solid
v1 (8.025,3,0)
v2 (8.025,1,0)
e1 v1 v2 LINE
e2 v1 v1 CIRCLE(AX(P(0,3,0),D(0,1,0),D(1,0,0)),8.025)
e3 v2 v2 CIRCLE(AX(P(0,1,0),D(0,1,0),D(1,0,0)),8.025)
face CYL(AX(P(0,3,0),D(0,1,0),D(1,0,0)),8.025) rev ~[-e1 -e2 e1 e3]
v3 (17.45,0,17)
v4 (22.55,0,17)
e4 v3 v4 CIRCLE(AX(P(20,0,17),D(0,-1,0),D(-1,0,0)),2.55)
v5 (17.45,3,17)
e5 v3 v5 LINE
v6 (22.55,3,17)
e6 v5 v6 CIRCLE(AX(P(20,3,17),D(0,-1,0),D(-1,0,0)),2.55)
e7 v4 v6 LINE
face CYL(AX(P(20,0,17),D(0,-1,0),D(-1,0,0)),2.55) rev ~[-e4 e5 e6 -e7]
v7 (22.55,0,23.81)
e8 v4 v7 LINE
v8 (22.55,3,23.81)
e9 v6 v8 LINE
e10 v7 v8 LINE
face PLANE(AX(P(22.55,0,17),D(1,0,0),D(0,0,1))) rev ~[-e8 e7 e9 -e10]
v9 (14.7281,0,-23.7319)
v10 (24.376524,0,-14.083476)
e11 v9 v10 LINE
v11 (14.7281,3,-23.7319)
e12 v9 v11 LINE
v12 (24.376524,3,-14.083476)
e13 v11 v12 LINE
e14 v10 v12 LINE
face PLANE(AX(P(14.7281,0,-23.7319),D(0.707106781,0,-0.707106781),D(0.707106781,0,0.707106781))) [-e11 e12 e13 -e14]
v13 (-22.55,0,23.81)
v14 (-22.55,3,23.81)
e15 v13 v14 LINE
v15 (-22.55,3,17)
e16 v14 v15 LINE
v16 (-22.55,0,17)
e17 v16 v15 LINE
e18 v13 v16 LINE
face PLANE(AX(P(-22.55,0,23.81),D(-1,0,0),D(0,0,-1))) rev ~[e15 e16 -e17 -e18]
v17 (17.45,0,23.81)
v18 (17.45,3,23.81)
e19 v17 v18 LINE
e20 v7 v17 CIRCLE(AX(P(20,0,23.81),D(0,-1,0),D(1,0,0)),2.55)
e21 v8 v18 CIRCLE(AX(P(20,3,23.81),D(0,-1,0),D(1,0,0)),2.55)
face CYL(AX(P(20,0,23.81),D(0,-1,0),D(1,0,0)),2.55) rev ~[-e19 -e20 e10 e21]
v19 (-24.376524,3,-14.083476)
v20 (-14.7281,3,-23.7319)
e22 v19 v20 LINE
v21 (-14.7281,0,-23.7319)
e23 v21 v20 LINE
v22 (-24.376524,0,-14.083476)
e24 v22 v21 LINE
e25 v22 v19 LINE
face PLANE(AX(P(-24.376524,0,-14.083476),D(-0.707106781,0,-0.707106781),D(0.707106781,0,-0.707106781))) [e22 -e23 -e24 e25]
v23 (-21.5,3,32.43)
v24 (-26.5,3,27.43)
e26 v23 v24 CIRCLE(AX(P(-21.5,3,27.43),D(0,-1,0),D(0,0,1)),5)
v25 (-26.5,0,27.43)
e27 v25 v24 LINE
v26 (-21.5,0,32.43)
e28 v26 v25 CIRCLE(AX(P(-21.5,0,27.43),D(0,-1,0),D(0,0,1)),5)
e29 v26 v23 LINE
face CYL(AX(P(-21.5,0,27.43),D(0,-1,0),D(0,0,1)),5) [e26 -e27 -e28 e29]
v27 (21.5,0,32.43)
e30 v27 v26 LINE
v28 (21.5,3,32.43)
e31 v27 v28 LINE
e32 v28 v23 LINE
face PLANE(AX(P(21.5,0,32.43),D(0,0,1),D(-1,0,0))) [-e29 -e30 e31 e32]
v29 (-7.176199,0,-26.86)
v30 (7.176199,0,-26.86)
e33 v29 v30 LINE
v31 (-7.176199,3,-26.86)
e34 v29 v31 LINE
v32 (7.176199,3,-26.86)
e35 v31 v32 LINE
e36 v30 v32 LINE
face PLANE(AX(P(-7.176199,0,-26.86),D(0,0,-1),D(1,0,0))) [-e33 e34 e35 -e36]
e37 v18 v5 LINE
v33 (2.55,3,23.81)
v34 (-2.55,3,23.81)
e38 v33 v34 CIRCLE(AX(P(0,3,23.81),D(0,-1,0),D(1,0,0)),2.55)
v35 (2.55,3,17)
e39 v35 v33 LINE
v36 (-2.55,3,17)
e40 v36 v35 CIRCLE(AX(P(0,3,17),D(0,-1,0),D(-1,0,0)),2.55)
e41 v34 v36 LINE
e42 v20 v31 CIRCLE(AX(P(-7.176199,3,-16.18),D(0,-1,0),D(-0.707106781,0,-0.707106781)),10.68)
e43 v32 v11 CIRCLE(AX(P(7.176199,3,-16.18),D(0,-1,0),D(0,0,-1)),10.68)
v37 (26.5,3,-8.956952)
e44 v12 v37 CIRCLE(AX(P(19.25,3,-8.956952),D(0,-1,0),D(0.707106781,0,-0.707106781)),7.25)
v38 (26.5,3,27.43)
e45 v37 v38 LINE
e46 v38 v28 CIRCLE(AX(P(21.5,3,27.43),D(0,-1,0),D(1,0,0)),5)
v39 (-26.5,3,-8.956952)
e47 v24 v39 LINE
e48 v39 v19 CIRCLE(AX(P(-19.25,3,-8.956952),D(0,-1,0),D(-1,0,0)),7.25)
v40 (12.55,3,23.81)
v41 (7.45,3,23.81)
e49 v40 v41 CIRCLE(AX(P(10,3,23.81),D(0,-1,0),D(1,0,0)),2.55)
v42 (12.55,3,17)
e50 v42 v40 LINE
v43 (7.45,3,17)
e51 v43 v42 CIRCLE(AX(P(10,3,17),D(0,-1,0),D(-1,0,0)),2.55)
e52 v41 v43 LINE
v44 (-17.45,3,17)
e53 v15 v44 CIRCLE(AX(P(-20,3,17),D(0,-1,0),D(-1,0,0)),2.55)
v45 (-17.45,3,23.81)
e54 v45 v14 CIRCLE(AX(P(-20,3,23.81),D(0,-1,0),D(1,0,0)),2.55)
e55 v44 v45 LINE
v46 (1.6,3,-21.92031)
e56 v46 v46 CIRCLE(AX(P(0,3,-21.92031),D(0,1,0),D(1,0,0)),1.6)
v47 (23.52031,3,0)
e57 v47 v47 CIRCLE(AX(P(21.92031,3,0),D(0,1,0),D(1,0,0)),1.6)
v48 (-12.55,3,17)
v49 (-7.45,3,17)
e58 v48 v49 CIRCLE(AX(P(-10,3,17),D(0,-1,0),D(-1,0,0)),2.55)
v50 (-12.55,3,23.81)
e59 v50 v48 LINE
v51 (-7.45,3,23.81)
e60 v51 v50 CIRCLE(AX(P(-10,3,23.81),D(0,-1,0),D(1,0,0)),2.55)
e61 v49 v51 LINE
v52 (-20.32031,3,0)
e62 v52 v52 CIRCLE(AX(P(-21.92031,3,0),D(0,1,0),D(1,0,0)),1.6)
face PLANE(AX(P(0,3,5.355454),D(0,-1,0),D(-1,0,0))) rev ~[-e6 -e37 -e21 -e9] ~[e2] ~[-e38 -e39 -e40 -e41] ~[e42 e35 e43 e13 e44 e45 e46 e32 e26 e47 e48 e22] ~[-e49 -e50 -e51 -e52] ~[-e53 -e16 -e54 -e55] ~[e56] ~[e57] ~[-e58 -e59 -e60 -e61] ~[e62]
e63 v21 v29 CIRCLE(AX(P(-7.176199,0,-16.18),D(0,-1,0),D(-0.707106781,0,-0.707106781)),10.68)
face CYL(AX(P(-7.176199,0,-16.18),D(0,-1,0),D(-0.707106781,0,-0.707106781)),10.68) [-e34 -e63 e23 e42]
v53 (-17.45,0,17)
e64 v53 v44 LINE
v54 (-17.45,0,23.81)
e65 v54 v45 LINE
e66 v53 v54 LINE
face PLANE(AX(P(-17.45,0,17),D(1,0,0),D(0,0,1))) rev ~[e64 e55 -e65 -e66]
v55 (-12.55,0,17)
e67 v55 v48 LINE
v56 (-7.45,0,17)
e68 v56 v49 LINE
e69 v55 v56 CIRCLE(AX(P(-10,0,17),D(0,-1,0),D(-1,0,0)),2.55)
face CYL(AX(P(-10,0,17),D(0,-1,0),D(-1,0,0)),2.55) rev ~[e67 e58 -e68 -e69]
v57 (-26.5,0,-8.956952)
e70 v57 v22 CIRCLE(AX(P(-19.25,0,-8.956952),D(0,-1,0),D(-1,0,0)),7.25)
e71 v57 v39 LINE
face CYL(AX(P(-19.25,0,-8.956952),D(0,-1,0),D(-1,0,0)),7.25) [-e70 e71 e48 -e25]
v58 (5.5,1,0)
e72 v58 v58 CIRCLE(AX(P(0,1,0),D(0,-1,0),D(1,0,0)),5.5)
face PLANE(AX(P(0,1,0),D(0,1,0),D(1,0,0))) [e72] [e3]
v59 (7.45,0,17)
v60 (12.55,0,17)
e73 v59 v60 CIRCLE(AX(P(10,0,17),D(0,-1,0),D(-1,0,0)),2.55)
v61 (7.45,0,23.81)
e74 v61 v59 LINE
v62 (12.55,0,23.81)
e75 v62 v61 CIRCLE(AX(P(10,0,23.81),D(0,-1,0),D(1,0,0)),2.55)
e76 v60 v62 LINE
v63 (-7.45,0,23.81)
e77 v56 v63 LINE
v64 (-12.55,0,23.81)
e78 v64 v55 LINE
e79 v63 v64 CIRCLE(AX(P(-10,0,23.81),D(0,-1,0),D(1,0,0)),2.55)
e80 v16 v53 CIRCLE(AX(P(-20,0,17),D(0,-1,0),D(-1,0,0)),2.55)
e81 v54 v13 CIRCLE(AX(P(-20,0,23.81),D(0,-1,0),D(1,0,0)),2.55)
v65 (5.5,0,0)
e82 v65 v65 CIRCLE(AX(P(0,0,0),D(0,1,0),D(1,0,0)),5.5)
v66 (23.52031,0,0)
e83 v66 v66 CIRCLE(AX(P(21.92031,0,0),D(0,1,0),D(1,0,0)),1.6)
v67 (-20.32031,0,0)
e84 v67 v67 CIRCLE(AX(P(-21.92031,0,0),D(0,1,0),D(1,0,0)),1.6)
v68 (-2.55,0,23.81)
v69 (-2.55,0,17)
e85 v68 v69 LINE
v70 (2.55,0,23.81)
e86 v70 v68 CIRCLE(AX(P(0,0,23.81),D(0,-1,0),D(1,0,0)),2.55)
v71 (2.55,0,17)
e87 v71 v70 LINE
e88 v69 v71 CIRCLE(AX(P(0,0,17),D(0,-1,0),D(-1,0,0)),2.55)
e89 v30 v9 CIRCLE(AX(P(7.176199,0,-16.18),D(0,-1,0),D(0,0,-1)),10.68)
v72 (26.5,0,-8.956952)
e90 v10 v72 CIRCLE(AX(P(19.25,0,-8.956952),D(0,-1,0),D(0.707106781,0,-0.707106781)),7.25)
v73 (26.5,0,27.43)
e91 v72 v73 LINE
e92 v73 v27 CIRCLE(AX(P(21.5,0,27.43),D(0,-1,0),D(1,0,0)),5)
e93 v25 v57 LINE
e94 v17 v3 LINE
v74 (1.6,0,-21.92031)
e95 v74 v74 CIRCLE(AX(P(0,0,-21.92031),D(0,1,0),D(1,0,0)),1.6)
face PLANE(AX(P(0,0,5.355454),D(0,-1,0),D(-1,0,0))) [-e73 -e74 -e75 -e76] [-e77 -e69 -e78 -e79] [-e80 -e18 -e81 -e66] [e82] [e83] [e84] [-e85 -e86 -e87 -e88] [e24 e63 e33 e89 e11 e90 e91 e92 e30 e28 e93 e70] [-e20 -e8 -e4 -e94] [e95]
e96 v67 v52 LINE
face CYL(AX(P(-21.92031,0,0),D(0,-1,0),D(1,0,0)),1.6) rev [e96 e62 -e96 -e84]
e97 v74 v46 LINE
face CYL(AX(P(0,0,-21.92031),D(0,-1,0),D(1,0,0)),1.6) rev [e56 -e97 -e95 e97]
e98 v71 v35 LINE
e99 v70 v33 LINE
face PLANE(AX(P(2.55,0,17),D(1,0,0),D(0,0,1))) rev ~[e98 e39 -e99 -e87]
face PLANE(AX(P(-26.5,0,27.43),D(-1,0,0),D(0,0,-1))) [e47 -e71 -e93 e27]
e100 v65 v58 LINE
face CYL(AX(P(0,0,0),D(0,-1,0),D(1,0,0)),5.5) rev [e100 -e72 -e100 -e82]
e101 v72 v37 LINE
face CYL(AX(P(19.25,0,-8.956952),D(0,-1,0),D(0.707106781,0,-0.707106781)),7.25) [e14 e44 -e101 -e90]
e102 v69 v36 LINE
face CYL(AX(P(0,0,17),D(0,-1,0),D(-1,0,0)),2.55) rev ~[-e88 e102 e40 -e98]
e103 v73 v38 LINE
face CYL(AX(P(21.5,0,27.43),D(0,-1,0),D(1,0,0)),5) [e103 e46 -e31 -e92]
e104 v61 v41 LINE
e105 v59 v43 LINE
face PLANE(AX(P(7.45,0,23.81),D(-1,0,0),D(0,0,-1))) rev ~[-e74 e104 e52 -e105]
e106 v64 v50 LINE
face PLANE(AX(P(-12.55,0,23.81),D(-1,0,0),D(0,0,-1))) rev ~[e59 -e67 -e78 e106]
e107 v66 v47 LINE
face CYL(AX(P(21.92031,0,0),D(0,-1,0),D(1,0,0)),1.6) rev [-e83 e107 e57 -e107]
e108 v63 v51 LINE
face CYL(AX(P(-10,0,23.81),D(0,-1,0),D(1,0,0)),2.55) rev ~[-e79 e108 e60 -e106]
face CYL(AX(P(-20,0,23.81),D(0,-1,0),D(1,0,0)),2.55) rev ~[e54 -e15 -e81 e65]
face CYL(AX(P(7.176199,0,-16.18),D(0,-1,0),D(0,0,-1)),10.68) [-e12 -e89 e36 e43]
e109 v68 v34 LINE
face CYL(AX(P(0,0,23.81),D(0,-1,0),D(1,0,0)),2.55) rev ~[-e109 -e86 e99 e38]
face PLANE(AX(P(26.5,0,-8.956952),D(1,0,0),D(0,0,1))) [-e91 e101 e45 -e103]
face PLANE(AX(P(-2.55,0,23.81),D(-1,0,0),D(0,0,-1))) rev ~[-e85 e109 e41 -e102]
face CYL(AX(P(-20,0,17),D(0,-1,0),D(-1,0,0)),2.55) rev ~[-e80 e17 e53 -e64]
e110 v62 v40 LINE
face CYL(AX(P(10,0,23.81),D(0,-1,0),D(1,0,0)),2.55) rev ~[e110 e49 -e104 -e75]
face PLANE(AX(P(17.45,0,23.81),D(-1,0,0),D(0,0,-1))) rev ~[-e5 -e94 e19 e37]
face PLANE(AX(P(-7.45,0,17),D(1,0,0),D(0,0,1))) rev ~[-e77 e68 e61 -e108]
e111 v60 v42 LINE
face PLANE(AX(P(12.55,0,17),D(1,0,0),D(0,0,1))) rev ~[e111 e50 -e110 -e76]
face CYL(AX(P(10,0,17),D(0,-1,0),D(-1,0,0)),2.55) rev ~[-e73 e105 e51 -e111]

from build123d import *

# Parameters (mm, degrees)
SKETCH1_R           = 1.6
SKETCH1_R_2         = 5.5
BOSS_EXTRUDE1_DEPTH = 3
SKETCH2_R           = 8.025
CUT_EXTRUDE1_DEPTH  = 2


with BuildPart() as part:
    # Sketch1 → Boss-Extrude1 (new body)
    with BuildSketch(Plane(origin=(0, 0, 0), x_dir=(1, 0, 0), z_dir=(0, 1, 0))):
        with BuildLine():
            Line((21.5, -32.43), (-21.5, -32.43))
            ThreePointArc((-21.5, -32.43), (-25.035533906, -30.965533906), (-26.5, -27.43))
            Line((-26.5, -27.43), (-26.5, 8.956951673))
            ThreePointArc((-26.5, 8.956951673), (-25.948126611, 11.731406557), (-24.376524164, 14.083475836))
            Line((-24.376524164, 14.083475836), (-14.728099577, 23.731900423))
            ThreePointArc((-14.728099577, 23.731900423), (-11.263258212, 26.047033407), (-7.176199154, 26.86))
            Line((-7.176199154, 26.86), (7.176199154, 26.86))
            ThreePointArc((7.176199154, 26.86), (11.263258212, 26.047033407), (14.728099577, 23.731900423))
            Line((14.728099577, 23.731900423), (24.376524164, 14.083475836))
            ThreePointArc((24.376524164, 14.083475836), (25.948126611, 11.731406557), (26.5, 8.956951673))
            Line((26.5, 8.956951673), (26.5, -27.43))
            ThreePointArc((26.5, -27.43), (25.035533906, -30.965533906), (21.5, -32.43))
        make_face()
        with Locations((21.920310217, 0)):
            Circle(SKETCH1_R, mode=Mode.SUBTRACT)
        with Locations((-21.920310217, 0)):
            Circle(SKETCH1_R, mode=Mode.SUBTRACT)
        Circle(SKETCH1_R_2, mode=Mode.SUBTRACT)
        with Locations((0, 21.920310217)):
            Circle(SKETCH1_R, mode=Mode.SUBTRACT)
        with BuildLine():
            Line((17.45, -23.81), (17.45, -17))
            ThreePointArc((17.45, -17), (20, -14.45), (22.55, -17))
            Line((22.55, -17), (22.55, -23.81))
            ThreePointArc((22.55, -23.81), (20, -26.36), (17.45, -23.81))
        make_face(mode=Mode.SUBTRACT)
        with BuildLine():
            Line((7.45, -23.81), (7.45, -17))
            ThreePointArc((7.45, -17), (10, -14.45), (12.55, -17))
            Line((12.55, -17), (12.55, -23.81))
            ThreePointArc((12.55, -23.81), (10, -26.36), (7.45, -23.81))
        make_face(mode=Mode.SUBTRACT)
        with BuildLine():
            Line((-2.55, -23.81), (-2.55, -17))
            ThreePointArc((-2.55, -17), (0, -14.45), (2.55, -17))
            Line((2.55, -17), (2.55, -23.81))
            ThreePointArc((2.55, -23.81), (0, -26.36), (-2.55, -23.81))
        make_face(mode=Mode.SUBTRACT)
        with BuildLine():
            Line((-12.55, -23.81), (-12.55, -17))
            ThreePointArc((-12.55, -17), (-10, -14.45), (-7.45, -17))
            Line((-7.45, -17), (-7.45, -23.81))
            ThreePointArc((-7.45, -23.81), (-10, -26.36), (-12.55, -23.81))
        make_face(mode=Mode.SUBTRACT)
        with BuildLine():
            Line((-22.55, -23.81), (-22.55, -17))
            ThreePointArc((-22.55, -17), (-20, -14.45), (-17.45, -17))
            Line((-17.45, -17), (-17.45, -23.81))
            ThreePointArc((-17.45, -23.81), (-20, -26.36), (-22.55, -23.81))
        make_face(mode=Mode.SUBTRACT)
    extrude(amount=BOSS_EXTRUDE1_DEPTH)

    # Sketch2 → Cut-Extrude1 (cut)
    with BuildSketch(Plane(origin=(0, 3, 0), x_dir=(1, 0, 0), z_dir=(0, 1, 0))):
        Circle(SKETCH2_R)
    extrude(amount=-CUT_EXTRUDE1_DEPTH, mode=Mode.SUBTRACT)


solid = part.part
